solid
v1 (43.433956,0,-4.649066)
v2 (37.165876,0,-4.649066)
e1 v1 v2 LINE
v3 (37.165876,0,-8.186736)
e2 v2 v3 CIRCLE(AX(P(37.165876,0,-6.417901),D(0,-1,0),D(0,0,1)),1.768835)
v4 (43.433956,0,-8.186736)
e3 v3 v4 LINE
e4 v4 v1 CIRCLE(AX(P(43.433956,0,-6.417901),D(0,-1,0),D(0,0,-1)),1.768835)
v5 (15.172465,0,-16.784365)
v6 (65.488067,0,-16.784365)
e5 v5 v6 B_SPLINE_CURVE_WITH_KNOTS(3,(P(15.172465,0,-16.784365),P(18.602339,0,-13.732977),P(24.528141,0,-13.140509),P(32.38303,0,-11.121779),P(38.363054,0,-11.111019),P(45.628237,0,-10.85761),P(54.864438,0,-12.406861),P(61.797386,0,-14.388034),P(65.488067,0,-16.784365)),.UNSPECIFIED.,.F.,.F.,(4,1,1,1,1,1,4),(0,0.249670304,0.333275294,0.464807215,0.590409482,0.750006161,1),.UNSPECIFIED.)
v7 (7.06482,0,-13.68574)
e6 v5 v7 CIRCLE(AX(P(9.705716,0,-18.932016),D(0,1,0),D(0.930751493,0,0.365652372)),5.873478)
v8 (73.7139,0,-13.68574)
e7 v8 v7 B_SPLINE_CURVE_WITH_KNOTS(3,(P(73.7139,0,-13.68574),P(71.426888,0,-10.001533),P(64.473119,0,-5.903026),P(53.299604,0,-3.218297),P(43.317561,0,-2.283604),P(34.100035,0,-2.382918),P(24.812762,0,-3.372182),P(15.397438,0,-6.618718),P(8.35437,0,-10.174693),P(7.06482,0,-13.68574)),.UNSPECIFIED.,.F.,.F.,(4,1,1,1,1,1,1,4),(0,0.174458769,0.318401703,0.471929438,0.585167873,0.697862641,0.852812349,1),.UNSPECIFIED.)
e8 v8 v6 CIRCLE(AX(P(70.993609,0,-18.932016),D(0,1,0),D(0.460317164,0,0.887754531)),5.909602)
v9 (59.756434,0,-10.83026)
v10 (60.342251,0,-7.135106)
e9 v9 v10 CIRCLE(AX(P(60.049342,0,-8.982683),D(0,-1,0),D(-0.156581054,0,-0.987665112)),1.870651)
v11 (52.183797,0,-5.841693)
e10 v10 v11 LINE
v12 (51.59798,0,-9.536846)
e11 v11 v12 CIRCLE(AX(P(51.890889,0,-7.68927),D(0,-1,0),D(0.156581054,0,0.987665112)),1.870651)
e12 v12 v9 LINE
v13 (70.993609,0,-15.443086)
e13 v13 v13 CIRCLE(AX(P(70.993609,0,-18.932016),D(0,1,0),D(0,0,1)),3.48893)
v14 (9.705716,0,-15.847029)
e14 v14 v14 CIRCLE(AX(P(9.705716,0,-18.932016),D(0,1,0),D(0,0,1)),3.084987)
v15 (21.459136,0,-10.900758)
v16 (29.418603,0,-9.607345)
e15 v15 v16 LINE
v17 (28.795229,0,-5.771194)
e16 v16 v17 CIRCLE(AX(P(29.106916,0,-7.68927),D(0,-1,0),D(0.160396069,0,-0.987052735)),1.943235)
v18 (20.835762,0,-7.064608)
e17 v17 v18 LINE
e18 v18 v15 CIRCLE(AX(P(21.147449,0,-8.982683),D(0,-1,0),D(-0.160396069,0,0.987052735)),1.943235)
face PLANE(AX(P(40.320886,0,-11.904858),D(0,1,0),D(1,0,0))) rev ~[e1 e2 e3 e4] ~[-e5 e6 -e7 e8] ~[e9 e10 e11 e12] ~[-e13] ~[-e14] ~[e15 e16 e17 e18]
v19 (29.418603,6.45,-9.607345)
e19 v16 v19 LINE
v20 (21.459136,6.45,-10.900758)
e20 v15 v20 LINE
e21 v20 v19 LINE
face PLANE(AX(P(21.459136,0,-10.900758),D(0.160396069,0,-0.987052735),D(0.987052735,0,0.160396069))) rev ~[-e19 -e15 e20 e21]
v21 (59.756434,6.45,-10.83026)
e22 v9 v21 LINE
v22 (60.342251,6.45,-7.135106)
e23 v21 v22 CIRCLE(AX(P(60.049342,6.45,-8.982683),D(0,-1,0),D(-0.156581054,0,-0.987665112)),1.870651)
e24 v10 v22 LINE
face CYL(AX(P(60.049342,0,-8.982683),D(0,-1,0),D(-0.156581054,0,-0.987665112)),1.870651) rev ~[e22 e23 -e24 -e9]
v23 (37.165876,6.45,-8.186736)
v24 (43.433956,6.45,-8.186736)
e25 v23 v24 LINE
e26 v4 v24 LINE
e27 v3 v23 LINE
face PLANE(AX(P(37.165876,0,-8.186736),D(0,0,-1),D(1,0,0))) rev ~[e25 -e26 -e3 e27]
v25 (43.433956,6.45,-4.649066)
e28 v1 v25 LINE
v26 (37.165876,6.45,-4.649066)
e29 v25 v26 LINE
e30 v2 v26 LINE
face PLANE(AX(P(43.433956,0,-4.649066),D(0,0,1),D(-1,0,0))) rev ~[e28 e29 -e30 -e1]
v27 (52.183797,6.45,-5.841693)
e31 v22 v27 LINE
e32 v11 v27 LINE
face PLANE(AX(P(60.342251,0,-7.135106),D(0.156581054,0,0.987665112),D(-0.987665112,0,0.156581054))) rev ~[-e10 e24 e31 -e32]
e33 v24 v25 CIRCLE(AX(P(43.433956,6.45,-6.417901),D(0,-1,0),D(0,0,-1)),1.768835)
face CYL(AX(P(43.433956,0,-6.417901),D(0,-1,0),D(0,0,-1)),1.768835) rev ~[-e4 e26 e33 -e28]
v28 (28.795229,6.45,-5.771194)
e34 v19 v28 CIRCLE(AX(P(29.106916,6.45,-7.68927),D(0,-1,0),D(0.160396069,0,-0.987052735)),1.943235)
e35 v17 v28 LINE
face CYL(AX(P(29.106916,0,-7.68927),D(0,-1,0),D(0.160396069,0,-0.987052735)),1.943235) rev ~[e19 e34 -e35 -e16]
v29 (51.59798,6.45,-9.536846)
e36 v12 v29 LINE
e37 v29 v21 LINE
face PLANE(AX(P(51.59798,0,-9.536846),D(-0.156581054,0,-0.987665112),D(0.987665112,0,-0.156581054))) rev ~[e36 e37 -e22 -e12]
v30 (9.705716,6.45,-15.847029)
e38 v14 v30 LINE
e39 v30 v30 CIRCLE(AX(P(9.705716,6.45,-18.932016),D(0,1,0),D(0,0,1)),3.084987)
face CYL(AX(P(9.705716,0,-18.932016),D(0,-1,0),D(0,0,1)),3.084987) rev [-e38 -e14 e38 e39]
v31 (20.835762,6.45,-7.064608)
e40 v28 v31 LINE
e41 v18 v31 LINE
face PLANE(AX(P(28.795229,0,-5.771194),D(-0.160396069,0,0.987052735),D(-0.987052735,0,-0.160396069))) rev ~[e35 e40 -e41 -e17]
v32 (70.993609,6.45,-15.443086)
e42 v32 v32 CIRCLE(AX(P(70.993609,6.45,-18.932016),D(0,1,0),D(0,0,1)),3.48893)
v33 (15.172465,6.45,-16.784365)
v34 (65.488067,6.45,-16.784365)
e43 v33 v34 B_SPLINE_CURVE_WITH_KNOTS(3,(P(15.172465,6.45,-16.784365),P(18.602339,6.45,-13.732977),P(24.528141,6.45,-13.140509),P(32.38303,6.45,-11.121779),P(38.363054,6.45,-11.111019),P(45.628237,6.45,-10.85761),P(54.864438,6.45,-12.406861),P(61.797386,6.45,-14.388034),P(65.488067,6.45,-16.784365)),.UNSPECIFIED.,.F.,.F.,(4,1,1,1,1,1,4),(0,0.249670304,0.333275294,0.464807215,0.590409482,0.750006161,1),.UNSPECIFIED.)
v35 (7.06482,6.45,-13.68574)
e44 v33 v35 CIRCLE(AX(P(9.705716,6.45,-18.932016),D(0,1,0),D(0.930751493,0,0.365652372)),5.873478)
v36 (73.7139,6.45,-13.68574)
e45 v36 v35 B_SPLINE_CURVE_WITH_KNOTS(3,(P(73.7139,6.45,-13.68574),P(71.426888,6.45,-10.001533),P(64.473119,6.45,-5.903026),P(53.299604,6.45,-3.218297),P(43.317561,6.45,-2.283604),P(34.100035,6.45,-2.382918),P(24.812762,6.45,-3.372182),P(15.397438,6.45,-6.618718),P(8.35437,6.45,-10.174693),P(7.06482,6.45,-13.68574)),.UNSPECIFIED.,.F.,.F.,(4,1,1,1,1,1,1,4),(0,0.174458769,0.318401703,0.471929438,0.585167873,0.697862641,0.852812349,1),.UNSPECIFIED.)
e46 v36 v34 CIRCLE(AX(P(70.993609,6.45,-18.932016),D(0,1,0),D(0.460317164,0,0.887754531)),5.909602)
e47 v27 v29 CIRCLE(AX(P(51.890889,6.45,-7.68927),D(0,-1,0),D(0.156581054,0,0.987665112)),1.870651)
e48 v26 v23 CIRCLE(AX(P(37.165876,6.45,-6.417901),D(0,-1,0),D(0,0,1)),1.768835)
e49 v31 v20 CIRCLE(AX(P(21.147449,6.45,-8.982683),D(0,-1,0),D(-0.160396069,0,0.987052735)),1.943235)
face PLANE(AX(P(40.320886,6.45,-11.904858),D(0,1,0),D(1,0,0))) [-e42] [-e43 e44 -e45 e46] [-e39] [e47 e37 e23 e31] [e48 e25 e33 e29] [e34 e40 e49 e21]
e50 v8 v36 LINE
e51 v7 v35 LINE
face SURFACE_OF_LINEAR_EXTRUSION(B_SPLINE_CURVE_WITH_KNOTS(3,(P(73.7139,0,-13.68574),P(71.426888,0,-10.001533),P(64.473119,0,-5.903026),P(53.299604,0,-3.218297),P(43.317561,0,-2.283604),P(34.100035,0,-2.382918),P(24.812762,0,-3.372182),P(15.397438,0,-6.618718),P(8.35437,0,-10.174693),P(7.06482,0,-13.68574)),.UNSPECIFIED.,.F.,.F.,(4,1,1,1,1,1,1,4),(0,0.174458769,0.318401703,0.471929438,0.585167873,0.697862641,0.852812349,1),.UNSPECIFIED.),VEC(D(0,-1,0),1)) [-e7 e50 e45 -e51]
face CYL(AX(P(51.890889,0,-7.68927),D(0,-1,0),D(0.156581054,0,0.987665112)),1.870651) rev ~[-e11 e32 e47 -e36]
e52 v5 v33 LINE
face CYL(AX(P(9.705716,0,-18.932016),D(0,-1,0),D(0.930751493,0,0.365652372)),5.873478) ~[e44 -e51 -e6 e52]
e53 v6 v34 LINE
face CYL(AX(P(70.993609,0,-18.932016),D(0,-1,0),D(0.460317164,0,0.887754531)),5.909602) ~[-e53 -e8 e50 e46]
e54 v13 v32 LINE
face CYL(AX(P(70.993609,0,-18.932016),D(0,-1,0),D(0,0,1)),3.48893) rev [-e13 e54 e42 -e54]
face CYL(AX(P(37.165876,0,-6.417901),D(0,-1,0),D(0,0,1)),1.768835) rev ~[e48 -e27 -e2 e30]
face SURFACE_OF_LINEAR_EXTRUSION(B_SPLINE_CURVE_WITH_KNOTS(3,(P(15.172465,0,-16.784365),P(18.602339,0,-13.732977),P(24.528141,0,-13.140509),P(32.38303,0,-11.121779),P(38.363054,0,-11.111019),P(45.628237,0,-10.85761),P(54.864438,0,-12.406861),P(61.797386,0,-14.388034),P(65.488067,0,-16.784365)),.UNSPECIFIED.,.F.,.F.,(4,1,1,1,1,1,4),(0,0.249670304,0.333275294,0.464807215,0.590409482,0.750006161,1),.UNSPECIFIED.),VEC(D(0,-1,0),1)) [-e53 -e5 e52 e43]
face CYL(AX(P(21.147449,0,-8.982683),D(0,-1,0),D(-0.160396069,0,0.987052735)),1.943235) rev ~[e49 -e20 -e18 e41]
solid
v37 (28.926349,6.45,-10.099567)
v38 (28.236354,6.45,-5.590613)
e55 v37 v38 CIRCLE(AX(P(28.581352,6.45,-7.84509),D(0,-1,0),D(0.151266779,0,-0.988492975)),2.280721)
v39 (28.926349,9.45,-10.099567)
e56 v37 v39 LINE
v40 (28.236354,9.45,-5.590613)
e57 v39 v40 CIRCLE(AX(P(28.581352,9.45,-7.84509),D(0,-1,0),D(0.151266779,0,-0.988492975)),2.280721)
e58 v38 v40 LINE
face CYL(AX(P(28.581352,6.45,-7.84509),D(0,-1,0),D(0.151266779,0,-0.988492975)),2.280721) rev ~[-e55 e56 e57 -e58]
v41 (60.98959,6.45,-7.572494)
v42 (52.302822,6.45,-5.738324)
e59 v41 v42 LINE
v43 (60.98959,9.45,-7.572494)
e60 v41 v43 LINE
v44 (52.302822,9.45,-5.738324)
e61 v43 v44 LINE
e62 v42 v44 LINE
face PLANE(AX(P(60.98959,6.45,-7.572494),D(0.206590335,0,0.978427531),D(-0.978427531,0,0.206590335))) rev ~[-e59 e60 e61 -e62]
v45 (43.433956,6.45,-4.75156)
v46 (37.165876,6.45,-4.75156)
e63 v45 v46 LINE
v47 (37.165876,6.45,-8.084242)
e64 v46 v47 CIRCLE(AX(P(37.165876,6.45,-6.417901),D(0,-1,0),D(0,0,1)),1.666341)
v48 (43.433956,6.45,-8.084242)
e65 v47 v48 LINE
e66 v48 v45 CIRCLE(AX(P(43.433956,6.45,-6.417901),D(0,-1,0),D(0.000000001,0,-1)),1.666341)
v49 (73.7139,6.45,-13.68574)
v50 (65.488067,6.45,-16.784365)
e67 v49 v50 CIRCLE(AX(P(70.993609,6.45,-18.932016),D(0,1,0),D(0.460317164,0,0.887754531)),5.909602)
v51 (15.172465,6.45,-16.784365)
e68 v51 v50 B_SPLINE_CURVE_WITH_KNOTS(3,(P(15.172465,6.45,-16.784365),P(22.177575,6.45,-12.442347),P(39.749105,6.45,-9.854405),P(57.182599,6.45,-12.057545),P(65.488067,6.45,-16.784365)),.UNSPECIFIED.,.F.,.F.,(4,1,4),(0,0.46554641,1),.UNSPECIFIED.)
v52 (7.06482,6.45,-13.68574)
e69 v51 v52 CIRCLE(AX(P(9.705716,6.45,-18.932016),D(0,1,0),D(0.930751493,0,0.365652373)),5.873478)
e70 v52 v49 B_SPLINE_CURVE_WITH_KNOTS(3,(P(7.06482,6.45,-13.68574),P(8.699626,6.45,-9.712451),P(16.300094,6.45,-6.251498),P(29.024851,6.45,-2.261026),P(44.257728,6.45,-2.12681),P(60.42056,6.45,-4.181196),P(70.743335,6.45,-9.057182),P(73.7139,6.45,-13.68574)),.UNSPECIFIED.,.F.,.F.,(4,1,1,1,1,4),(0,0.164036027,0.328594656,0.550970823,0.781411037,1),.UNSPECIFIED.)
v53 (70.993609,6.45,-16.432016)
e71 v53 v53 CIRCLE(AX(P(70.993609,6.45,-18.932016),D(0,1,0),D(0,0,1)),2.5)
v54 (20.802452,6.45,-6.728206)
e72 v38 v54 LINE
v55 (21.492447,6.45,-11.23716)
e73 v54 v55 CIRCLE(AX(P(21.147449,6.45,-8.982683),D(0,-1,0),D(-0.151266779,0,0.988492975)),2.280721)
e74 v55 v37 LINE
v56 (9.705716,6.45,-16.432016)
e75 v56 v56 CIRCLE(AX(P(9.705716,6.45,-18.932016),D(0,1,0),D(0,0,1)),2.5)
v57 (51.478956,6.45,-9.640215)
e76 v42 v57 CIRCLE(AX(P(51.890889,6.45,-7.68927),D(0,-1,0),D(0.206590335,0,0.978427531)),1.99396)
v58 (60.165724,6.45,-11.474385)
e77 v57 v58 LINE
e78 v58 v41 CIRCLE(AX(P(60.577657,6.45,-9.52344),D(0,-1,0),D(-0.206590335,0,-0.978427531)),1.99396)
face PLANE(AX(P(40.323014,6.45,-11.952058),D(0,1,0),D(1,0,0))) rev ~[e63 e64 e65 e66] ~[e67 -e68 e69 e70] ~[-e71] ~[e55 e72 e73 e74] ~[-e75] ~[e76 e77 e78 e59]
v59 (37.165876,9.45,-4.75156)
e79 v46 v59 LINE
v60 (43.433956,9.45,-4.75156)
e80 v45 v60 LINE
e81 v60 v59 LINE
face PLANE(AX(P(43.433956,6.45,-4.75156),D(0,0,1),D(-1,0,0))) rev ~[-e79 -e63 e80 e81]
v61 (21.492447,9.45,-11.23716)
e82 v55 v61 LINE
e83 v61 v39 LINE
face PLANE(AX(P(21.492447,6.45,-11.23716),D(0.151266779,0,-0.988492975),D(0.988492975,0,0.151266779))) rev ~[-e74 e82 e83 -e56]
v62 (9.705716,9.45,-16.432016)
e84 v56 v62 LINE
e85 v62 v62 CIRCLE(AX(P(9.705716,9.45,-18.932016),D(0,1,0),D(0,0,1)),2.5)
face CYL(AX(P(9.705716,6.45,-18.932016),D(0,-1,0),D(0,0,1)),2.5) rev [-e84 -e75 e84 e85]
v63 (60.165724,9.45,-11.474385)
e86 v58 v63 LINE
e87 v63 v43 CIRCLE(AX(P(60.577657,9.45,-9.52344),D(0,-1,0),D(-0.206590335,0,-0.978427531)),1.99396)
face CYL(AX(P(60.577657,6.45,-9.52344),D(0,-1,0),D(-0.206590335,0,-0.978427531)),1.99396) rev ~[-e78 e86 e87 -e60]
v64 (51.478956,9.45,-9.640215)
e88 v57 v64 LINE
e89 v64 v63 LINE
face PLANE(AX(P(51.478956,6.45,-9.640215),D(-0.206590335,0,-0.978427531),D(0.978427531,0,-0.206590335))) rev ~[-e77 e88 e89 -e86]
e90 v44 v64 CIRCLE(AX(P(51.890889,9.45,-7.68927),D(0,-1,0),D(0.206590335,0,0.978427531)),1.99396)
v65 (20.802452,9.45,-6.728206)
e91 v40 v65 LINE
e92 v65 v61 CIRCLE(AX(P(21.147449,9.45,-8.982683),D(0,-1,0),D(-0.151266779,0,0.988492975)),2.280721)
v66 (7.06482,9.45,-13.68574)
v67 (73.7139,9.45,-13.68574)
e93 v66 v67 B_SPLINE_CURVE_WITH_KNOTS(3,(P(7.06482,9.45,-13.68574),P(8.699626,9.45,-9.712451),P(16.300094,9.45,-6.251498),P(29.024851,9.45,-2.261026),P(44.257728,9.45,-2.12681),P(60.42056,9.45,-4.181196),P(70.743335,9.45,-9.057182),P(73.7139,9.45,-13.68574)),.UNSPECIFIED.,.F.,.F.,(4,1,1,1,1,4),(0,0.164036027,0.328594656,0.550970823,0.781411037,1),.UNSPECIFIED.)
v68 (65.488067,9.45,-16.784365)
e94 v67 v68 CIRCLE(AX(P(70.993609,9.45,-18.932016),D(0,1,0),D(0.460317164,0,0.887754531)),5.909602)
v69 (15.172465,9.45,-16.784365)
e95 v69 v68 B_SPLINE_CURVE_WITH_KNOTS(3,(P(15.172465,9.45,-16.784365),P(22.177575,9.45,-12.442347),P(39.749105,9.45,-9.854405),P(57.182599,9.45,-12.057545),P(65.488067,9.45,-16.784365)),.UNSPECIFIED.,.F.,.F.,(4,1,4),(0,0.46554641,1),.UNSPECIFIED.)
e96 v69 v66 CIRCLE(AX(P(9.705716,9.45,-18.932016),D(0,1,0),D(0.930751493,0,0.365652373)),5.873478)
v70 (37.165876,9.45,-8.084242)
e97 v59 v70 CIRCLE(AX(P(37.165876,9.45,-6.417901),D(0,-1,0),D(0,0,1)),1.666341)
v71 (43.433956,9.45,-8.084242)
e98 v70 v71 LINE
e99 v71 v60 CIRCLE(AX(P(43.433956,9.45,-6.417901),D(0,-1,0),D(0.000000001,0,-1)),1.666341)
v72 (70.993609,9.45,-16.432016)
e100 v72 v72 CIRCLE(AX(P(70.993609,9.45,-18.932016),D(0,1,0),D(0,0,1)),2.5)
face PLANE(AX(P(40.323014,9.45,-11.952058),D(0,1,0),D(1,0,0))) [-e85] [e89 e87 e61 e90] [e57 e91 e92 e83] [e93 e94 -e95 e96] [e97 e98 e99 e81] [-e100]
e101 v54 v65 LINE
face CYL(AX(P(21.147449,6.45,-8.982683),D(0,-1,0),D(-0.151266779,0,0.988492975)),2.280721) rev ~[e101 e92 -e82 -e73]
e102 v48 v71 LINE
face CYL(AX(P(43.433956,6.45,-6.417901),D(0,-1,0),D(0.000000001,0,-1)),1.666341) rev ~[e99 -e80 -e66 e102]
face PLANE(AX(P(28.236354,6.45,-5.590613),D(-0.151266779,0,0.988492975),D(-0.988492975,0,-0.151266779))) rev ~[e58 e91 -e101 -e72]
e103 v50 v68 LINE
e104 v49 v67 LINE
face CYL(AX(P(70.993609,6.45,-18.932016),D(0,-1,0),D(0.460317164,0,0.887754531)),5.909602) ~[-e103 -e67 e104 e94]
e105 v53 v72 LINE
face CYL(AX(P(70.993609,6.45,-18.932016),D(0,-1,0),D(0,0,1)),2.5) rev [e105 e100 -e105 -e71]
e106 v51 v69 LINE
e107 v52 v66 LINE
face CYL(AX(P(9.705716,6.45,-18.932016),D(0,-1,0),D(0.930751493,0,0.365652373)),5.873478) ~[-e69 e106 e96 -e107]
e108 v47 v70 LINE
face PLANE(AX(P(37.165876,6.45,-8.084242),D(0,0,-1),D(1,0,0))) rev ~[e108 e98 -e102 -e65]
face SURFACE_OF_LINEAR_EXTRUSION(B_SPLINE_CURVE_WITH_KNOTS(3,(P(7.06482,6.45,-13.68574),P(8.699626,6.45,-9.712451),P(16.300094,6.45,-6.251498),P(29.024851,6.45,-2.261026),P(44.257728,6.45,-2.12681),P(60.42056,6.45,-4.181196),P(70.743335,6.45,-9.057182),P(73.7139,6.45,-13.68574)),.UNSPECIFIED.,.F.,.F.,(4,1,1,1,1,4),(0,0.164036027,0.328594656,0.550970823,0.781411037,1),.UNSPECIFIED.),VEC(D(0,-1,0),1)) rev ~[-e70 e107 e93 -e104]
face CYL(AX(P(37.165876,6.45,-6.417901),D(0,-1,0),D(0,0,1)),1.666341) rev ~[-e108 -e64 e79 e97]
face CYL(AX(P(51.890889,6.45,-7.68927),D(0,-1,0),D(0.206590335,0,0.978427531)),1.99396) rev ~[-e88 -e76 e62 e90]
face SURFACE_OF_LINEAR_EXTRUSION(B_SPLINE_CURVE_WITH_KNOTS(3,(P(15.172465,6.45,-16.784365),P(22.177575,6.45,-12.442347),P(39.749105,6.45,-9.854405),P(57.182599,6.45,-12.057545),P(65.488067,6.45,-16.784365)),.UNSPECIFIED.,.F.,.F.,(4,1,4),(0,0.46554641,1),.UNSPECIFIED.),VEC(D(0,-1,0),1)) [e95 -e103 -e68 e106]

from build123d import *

# Parameters (mm, degrees)
SKETCH1_R           = 23.914626161
SKETCH1_R_2         = 27.045967385
BOSS_EXTRUDE1_DEPTH = 50
SCALE1_SCALE        = 0.129
SKETCH2_R           = 2.5
BOSS_EXTRUDE2_DEPTH = 3


with BuildPart() as part:
    # Sketch1 → Boss-Extrude1 (new body)
    with BuildSketch(Plane(origin=(0, 0, 0), x_dir=(1, 0, 0), z_dir=(0, 1, 0))):
        with BuildLine():
            ThreePointArc((571.425583032, 106.091006627), (566.486987495, 189.629943358), (507.659430695, 130.111356034))
            add(Edge.make_bspline(
                [(117.616005389, 130.111356034), (144.204175433, 106.457187383), (190.140627657, 101.864407344), (251.031237952, 86.215342563), (297.388019365, 86.131933075), (353.707264697, 84.167516941), (425.305720231, 96.17721663), (479.049506306, 111.535146669), (507.659430695, 130.111356034)],
                knots=[0, 0, 0, 0, 0.249670304, 0.333275294, 0.464807215, 0.590409482, 0.750006161, 1, 1, 1, 1], degree=3))
            ThreePointArc((117.616005389, 130.111356034), (58.983549296, 189.290353432), (54.766046274, 106.091006627))
            add(Edge.make_bspline(
                [(571.425583032, 106.091006627), (553.696805918, 77.53126711), (499.791617773, 45.759891324), (413.175222585, 24.948039658), (335.79505031, 17.702360032), (264.341352743, 18.472230801), (192.346991209, 26.140942246), (119.359983644, 51.307887822), (64.762558388, 78.873591576), (54.766046274, 106.091006627)],
                knots=[0, 0, 0, 0, 0.174458769, 0.318401703, 0.471929438, 0.585167873, 0.697862641, 0.852812349, 1, 1, 1, 1], degree=3))
        make_face()
        with Locations(Location((75.238108492, 146.759815529, 0), (0, 0, 270))):
            Circle(SKETCH1_R, mode=Mode.SUBTRACT)
        with Locations(Location((550.33805249, 146.759815529, 0), (0, 0, 270))):
            Circle(SKETCH1_R_2, mode=Mode.SUBTRACT)
        with BuildLine():
            Line((166.349894849, 84.502000807), (228.051186277, 74.47554095))
            ThreePointArc((228.051186277, 74.47554095), (240.503805912, 57.190561457), (223.218826419, 44.737941823))
            Line((223.218826419, 44.737941823), (161.517534991, 54.76440168))
            ThreePointArc((161.517534991, 54.76440168), (149.064915357, 72.049381173), (166.349894849, 84.502000807))
        make_face(mode=Mode.SUBTRACT)
        with BuildLine():
            Line((288.10756392, 63.463072101), (336.697330919, 63.463072101))
            ThreePointArc((336.697330919, 63.463072101), (350.409231268, 49.751171752), (336.697330919, 36.039271403))
            Line((336.697330919, 36.039271403), (288.10756392, 36.039271403))
            ThreePointArc((288.10756392, 36.039271403), (274.395663571, 49.751171752), (288.10756392, 63.463072101))
        make_face(mode=Mode.SUBTRACT)
        with BuildLine():
            Line((399.984344642, 73.929040649), (463.228168356, 83.955500506))
            ThreePointArc((463.228168356, 83.955500506), (479.821076039, 71.903809663), (467.769385196, 55.310901981))
            Line((467.769385196, 55.310901981), (404.525561482, 45.284442124))
            ThreePointArc((404.525561482, 45.284442124), (387.932653799, 57.336132967), (399.984344642, 73.929040649))
        make_face(mode=Mode.SUBTRACT)
    extrude(amount=BOSS_EXTRUDE1_DEPTH)


with BuildPart() as part_1:
    # Scale1: scaled about (0, 0, 0)
    add(part.part.scale(SCALE1_SCALE))


with BuildPart() as body_2:
    # Sketch2 → Boss-Extrude2 (new body)
    with BuildSketch(Plane(origin=(0, 6.45, 0), x_dir=(1, 0, 0), z_dir=(0, 1, 0))):
        with BuildLine():
            ThreePointArc((15.172464695, 16.784364928), (7.608877859, 24.418455593), (7.064819969, 13.685739855))
            add(Edge.make_bspline(
                [(7.064819969, 13.685739855), (8.699625863, 9.712450747), (16.300094229, 6.251497582), (29.024850934, 2.261026078), (44.257727724, 2.126809747), (60.420559919, 4.181195739), (70.74333497, 9.057181937), (73.713900211, 13.685739855)],
                knots=[0, 0, 0, 0, 0.164036027, 0.328594656, 0.550970823, 0.781411037, 1, 1, 1, 1], degree=3))
            ThreePointArc((73.713900211, 13.685739855), (73.076821387, 24.462262693), (65.48806656, 16.784364928))
            add(Edge.make_bspline(
                [(15.172464695, 16.784364928), (22.17757472, 12.442347393), (39.749105334, 9.85440517), (57.182599296, 12.057544833), (65.48806656, 16.784364928)],
                knots=[0, 0, 0, 0, 0.46554641, 1, 1, 1, 1], degree=3))
        make_face()
        with Locations(Location((9.705715995, 18.932016203, 0), (0, 0, 270))):
            Circle(SKETCH2_R, mode=Mode.SUBTRACT)
        with Locations(Location((70.993608771, 18.932016203, 0), (0, 0, 270))):
            Circle(SKETCH2_R, mode=Mode.SUBTRACT)
        with BuildLine():
            Line((21.4924466, 11.237160007), (28.926349197, 10.099567194))
            ThreePointArc((28.926349197, 10.099567194), (30.835828868, 7.500092772), (28.236354446, 5.590613101))
            Line((28.236354446, 5.590613101), (20.802451849, 6.728205914))
            ThreePointArc((20.802451849, 6.728205914), (18.892972178, 9.327680336), (21.4924466, 11.237160007))
        make_face(mode=Mode.SUBTRACT)
        with BuildLine():
            Line((37.165875746, 8.084242421), (43.433955689, 8.084242421))
            ThreePointArc((43.433955689, 8.084242421), (45.100296953, 6.417901156), (43.433955689, 4.751559891))
            Line((43.433955689, 4.751559891), (37.165875746, 4.751559891))
            ThreePointArc((37.165875746, 4.751559891), (35.499534481, 6.417901156), (37.165875746, 8.084242421))
        make_face(mode=Mode.SUBTRACT)
        with BuildLine():
            Line((51.478956048, 9.640215153), (60.165724042, 11.474385038))
            ThreePointArc((60.165724042, 11.474385038), (62.528602453, 9.935372422), (60.989589837, 7.57249401))
            Line((60.989589837, 7.57249401), (52.302821842, 5.738324125))
            ThreePointArc((52.302821842, 5.738324125), (49.939943431, 7.277336741), (51.478956048, 9.640215153))
        make_face(mode=Mode.SUBTRACT)
    extrude(amount=BOSS_EXTRUDE2_DEPTH)


solid = Compound([part_1.part, body_2.part])
